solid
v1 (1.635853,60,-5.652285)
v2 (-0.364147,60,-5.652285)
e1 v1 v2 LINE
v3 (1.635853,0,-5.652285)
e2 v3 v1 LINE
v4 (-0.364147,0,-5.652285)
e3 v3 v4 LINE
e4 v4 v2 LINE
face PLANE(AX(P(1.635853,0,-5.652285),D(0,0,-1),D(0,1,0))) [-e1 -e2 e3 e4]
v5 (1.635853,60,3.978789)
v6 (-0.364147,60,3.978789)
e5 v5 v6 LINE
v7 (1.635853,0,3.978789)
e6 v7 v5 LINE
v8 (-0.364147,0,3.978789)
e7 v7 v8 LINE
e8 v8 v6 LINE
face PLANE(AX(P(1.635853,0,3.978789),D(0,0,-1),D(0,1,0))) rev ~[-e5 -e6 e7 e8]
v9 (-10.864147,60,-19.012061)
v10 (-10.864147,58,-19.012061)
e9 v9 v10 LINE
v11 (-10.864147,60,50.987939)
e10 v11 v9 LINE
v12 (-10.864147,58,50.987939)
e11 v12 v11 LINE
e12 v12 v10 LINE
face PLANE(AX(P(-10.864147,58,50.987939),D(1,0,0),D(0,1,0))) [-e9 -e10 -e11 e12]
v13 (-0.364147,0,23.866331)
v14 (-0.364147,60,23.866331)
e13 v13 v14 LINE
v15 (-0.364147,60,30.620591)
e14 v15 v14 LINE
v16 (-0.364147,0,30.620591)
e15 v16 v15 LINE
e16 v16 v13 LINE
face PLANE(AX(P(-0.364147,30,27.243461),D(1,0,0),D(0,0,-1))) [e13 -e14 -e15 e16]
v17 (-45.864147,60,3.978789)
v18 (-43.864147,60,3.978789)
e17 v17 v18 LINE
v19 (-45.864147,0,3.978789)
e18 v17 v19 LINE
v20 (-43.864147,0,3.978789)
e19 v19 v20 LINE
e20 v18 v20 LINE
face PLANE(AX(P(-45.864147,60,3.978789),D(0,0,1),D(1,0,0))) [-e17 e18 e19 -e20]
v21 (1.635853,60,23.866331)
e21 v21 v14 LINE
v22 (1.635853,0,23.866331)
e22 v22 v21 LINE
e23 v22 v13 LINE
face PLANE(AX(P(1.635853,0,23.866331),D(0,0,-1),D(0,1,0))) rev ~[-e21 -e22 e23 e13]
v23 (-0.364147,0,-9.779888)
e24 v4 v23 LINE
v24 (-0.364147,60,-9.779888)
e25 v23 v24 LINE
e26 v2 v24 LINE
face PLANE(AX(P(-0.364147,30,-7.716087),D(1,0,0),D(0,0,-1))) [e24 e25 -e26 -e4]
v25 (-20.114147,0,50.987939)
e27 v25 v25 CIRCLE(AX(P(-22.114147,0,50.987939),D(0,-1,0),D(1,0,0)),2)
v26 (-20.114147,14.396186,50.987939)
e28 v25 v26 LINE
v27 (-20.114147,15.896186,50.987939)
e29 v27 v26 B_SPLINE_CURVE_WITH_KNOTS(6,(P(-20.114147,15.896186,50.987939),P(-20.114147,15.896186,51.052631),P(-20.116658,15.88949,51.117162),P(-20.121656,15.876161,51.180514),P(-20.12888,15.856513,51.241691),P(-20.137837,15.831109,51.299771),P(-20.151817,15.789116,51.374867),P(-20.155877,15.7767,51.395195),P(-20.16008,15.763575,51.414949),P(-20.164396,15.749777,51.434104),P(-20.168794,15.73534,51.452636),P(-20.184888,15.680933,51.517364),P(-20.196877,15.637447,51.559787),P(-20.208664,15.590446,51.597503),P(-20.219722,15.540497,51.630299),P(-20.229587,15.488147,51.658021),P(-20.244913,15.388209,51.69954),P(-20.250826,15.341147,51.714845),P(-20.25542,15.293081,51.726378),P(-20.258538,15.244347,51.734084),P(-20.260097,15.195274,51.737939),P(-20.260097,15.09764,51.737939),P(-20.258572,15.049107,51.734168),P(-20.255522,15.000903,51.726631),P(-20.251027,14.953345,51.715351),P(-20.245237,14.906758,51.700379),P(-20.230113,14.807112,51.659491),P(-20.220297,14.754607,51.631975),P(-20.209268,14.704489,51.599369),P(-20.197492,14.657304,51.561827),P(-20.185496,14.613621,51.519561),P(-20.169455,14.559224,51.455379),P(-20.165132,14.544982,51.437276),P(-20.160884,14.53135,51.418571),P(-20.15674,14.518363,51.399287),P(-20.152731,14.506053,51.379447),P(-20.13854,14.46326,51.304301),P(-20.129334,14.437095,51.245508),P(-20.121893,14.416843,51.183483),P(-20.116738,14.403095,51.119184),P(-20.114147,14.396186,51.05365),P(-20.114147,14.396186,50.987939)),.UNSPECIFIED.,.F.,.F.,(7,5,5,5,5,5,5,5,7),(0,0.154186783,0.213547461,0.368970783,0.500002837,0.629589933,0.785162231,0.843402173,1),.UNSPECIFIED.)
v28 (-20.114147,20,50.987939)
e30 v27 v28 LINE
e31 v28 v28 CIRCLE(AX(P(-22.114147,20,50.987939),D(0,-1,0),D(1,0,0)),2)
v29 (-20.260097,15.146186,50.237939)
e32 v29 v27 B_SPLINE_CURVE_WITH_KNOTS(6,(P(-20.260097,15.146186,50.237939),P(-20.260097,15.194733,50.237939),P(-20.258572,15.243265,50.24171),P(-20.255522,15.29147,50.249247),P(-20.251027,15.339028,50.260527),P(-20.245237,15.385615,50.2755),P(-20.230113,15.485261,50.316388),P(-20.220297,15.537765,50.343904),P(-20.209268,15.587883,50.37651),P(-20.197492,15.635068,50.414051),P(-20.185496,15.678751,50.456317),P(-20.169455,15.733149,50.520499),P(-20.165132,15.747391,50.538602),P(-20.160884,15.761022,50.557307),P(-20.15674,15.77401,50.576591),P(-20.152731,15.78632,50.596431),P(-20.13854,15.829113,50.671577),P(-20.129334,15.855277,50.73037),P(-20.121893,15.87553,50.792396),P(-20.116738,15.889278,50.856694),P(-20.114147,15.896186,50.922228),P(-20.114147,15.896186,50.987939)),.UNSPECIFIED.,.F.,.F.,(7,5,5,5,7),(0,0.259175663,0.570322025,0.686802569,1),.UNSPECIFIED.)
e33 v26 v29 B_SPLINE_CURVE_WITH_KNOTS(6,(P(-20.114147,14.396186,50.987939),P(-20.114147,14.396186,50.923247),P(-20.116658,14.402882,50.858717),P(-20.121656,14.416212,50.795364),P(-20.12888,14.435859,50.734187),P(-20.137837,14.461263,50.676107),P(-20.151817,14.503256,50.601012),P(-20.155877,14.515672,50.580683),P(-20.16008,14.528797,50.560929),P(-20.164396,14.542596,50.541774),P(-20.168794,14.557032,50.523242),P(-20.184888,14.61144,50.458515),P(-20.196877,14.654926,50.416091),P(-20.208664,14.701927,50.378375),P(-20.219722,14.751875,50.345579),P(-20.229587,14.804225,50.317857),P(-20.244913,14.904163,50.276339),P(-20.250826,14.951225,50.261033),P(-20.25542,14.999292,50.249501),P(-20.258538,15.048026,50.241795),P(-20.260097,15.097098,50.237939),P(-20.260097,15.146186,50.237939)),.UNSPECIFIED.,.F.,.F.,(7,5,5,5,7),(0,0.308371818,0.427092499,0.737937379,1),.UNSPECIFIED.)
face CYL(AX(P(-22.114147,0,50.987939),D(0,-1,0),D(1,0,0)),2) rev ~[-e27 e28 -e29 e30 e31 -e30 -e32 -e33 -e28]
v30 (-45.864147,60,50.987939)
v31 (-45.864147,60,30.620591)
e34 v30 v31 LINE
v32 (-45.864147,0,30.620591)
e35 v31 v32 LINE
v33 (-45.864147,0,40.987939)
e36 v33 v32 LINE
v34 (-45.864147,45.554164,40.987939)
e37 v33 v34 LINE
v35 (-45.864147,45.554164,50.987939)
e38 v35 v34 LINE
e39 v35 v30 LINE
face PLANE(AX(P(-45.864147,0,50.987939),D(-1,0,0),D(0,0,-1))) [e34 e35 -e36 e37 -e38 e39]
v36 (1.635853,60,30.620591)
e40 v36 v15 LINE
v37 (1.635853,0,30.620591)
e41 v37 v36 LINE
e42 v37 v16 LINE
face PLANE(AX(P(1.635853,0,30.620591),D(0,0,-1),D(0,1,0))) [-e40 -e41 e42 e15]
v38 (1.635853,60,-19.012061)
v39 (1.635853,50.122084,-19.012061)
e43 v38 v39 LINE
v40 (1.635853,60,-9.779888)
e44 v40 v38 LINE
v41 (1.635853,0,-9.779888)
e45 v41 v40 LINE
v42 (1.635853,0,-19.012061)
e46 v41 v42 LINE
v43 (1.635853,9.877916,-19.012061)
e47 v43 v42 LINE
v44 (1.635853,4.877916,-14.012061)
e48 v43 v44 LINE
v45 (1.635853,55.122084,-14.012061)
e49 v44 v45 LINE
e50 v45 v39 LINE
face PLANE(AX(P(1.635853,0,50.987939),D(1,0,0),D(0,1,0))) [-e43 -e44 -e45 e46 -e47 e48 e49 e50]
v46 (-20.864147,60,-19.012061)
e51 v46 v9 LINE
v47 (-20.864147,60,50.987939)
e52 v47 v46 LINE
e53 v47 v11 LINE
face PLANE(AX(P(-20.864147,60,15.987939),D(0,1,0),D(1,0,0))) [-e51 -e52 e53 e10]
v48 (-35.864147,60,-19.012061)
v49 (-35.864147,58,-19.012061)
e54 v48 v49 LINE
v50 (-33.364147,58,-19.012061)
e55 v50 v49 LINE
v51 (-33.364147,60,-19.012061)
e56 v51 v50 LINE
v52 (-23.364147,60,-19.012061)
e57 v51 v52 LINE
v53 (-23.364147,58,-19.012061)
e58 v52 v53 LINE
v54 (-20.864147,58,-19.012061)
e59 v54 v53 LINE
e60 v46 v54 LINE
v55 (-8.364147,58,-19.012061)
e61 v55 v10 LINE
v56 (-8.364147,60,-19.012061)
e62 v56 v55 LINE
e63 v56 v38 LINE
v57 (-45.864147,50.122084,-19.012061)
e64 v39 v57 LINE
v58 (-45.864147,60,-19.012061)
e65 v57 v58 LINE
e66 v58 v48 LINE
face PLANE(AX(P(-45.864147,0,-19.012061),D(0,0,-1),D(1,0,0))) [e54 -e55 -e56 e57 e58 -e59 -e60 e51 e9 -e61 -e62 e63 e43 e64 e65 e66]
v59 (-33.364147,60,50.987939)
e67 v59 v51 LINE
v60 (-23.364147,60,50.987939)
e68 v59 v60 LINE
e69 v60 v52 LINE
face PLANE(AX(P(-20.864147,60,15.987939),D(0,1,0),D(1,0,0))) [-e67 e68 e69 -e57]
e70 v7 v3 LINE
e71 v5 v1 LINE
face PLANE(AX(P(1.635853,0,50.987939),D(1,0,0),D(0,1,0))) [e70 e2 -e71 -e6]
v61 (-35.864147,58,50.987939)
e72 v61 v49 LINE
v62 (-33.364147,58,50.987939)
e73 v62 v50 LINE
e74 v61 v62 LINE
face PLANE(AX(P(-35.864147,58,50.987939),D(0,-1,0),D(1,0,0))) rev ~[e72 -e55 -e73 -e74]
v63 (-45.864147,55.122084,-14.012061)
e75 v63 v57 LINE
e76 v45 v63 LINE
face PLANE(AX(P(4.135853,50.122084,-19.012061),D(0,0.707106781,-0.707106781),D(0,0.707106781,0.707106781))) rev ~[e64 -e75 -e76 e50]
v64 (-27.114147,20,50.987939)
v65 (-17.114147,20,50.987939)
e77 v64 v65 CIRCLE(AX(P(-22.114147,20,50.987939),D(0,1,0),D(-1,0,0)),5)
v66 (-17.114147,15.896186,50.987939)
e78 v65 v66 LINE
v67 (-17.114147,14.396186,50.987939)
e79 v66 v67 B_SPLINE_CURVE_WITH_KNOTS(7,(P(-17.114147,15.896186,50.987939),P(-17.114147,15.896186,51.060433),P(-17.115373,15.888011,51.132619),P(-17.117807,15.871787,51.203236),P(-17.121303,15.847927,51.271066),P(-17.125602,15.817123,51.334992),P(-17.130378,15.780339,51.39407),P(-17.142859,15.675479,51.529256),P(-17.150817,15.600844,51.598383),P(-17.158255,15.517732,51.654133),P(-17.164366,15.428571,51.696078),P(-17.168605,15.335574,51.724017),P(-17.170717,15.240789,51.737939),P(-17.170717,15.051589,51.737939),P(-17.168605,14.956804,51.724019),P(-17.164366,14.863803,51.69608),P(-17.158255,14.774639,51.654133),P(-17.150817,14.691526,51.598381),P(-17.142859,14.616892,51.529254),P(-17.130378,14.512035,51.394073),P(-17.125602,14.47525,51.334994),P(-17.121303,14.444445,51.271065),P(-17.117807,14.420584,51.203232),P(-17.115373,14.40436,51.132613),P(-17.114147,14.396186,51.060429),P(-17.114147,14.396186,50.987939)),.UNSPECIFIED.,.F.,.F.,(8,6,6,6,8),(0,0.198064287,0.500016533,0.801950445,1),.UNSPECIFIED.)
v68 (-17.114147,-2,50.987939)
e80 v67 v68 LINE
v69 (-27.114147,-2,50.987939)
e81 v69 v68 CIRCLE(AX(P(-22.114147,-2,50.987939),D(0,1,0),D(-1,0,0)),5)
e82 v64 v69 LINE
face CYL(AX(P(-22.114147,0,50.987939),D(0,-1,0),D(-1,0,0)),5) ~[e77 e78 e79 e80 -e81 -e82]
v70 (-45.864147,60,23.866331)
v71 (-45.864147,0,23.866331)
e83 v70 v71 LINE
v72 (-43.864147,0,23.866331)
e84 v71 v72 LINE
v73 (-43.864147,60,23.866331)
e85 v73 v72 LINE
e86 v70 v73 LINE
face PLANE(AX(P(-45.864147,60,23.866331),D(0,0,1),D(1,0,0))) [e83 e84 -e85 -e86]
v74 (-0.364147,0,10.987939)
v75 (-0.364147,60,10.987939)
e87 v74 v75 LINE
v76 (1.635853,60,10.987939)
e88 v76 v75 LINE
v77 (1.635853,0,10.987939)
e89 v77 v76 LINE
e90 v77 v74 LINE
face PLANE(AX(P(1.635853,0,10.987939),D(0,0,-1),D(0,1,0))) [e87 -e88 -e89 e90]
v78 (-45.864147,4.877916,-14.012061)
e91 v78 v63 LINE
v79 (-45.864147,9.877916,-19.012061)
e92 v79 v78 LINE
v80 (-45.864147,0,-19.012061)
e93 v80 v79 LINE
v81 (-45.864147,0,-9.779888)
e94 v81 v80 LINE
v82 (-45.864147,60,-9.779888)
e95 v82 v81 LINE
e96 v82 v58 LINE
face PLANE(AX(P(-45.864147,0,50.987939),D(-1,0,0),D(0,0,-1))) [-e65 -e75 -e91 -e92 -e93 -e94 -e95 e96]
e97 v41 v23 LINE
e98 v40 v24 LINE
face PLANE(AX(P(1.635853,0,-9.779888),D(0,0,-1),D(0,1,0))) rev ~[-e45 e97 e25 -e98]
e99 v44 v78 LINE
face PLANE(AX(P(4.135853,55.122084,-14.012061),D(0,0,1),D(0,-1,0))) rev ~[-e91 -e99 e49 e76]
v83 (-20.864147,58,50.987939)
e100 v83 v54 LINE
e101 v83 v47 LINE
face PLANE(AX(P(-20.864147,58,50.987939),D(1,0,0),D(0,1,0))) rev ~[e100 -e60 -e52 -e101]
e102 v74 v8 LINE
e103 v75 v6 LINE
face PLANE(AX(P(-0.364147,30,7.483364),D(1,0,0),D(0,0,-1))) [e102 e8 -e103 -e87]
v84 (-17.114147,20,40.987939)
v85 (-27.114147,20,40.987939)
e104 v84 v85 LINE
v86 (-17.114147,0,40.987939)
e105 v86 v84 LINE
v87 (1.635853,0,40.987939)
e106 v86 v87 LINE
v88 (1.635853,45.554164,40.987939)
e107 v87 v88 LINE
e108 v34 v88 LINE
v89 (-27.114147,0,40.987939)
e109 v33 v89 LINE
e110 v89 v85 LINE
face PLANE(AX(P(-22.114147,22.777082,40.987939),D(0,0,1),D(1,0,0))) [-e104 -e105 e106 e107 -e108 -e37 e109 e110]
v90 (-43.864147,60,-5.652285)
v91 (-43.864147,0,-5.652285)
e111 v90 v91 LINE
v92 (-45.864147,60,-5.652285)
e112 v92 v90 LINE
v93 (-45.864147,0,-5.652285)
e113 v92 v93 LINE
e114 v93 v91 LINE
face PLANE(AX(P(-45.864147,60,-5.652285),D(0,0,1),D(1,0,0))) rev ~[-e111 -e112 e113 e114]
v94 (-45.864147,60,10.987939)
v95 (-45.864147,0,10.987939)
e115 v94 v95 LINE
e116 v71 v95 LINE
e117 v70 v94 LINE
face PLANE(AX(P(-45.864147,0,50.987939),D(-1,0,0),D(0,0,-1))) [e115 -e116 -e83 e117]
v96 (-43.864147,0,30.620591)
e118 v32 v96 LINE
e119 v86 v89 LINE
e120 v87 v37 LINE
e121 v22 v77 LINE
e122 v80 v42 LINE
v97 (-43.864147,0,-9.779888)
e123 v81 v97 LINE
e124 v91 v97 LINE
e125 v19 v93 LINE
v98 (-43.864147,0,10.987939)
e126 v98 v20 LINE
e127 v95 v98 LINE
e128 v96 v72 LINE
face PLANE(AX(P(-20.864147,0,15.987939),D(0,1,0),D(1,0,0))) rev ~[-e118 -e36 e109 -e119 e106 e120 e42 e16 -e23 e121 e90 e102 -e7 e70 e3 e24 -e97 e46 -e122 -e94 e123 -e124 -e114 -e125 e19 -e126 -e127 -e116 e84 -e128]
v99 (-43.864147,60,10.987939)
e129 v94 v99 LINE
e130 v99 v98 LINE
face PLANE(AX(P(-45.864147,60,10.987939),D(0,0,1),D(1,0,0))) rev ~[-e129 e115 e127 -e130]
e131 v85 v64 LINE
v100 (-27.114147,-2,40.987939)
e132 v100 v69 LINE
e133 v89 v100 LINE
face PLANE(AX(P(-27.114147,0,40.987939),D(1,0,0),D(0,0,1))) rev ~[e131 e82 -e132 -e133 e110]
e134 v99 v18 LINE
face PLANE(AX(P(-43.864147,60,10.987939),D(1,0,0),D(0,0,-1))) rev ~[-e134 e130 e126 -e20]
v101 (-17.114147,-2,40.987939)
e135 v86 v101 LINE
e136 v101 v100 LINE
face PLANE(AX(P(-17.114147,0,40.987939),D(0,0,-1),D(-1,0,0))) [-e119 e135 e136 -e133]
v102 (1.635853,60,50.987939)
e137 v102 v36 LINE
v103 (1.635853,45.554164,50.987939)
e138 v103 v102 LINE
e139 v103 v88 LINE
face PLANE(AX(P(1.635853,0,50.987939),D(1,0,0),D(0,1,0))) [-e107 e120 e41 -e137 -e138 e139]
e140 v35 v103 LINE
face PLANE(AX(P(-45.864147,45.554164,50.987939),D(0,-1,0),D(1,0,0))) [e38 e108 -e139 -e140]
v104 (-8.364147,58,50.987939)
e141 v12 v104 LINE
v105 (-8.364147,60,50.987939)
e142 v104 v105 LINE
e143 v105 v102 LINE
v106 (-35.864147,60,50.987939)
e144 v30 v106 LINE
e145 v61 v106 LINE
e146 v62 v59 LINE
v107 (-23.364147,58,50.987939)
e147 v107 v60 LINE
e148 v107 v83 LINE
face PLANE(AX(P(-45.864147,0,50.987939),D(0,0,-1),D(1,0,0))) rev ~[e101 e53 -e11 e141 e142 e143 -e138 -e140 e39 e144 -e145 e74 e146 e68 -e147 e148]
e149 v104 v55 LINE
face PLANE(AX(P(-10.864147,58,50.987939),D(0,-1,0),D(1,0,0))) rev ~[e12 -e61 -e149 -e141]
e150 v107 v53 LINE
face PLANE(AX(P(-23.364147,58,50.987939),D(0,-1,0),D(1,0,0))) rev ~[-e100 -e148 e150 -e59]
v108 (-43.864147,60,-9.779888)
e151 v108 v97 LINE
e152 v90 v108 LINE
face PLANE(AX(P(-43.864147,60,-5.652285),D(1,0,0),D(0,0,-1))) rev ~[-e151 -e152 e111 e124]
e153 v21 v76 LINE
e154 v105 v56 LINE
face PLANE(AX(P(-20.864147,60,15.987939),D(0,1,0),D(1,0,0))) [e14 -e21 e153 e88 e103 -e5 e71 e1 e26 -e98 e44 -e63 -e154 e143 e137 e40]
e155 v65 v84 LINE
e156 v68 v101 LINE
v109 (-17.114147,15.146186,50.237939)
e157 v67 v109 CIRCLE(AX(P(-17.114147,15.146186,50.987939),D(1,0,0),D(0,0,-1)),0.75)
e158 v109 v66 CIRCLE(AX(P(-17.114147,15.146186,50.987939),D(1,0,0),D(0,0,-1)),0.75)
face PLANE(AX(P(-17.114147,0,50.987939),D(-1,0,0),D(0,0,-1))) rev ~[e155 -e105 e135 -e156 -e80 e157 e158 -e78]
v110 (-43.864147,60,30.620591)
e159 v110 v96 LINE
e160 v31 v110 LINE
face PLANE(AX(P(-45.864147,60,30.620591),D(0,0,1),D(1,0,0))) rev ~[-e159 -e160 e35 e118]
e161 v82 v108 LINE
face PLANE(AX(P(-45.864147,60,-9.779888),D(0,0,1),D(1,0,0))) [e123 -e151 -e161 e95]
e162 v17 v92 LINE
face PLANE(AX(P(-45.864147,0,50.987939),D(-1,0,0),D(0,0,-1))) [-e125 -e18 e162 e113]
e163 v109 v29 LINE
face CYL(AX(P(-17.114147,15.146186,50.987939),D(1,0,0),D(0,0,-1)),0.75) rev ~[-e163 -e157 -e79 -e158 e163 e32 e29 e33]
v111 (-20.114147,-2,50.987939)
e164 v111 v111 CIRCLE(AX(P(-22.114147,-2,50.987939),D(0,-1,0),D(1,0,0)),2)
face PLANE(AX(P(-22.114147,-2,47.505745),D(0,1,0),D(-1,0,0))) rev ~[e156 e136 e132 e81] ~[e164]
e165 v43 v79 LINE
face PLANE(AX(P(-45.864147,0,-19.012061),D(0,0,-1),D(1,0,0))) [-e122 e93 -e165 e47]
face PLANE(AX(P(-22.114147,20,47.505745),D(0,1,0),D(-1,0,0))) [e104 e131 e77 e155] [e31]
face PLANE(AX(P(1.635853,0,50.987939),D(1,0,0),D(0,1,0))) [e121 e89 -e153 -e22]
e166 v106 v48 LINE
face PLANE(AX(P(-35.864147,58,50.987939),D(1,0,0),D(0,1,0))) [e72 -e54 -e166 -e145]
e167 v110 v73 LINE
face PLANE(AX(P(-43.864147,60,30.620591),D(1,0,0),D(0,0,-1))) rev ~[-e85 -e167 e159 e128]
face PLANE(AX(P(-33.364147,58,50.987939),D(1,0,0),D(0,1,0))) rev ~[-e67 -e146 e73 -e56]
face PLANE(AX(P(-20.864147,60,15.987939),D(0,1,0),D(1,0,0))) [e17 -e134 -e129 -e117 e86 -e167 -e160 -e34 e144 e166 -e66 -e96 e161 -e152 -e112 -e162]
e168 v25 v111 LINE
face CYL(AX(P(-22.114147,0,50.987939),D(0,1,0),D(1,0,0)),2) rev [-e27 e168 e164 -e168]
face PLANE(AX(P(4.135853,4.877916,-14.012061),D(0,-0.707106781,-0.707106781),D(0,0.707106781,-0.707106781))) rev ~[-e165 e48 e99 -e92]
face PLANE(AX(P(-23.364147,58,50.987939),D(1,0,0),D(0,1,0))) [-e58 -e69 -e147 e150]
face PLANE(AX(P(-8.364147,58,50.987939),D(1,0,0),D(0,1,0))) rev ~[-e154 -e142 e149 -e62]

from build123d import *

# Parameters (mm, degrees)
SKETCH1_W                = 50
SKETCH1_H                = 70
BOSS_EXTRUDE1_DEPTH      = 60
CUT_EXTRUDE1_DEPTH       = 60
SKETCH4_W                = 2.5
SKETCH4_H                = 2
SKETCH4_H_2              = 60
CUT_EXTRUDE2_DEPTH       = 95
SKETCH7_W                = 47.5
SKETCH7_H                = 45.554164346
CUT_EXTRUDE3_DEPTH       = 10
SKETCH8_R                = 2
BOSS_EXTRUDE2_DEPTH      = 2
BOSS_EXTRUDE2_DEPTH_BACK = 20
SKETCH9_W                = 6.754259693
SKETCH9_H                = 60
SKETCH9_W_2              = 7.009150451
SKETCH9_W_3              = 4.127603145
CUT_EXTRUDE4_DEPTH       = 2
SKETCH10_W               = 2
SKETCH10_H               = 4.127603145
SKETCH10_H_2             = 7.009150451
SKETCH10_H_3             = 6.754259693
CUT_EXTRUDE5_DEPTH       = 71
SKETCH11_R               = 0.75
CUT_EXTRUDE6_DEPTH       = 4


with BuildPart() as part:
    # Sketch1 → Boss-Extrude1 (new body)
    with BuildSketch(Plane(origin=(0, 0, 0), x_dir=(1, 0, 0), z_dir=(0, 1, 0))):
        with Locations((-20.864146805, -15.987939145)):
            Rectangle(SKETCH1_W, SKETCH1_H)
    extrude(amount=BOSS_EXTRUDE1_DEPTH)

    # Sketch2 → Cut-Extrude1 (cut)
    with BuildSketch(Plane(origin=(4.135853195, 0, 0), x_dir=(0, 0, -1), z_dir=(1, 0, 0))):
        Polygon((19.012060855, 50.122083557), (14.012060855, 55.122083557), (14.012060855, 4.877916443), (19.012060855, 9.877916443), align=None)
    extrude(amount=-CUT_EXTRUDE1_DEPTH, mode=Mode.SUBTRACT)

    # Sketch4 → Cut-Extrude2 (cut)
    with BuildSketch(Plane.XY.offset(50.987939145)):
        with Locations((-34.614146805, 59)):
            Rectangle(SKETCH4_W, SKETCH4_H)
        with Locations((-22.114146805, 59)):
            Rectangle(SKETCH4_W, SKETCH4_H)
        with Locations((-9.614146805, 59)):
            Rectangle(SKETCH4_W, SKETCH4_H)
        with Locations((2.885853195, 30)):
            Rectangle(SKETCH4_W, SKETCH4_H_2)
    extrude(amount=-CUT_EXTRUDE2_DEPTH, mode=Mode.SUBTRACT)

    # Sketch7 → Cut-Extrude3 (cut)
    with BuildSketch(Plane.XY.offset(50.987939145)):
        with Locations((-22.114146805, 22.777082173)):
            Rectangle(SKETCH7_W, SKETCH7_H)
    extrude(amount=-CUT_EXTRUDE3_DEPTH, mode=Mode.SUBTRACT)

    # Sketch8 → Boss-Extrude2 (add, two sides)
    with BuildSketch(Plane.XZ) as boss_extrude2_sk:
        with BuildLine():
            Line((-17.114146805, 40.987939145), (-27.114146805, 40.987939145))
            Line((-27.114146805, 40.987939145), (-27.114146805, 50.987939145))
            ThreePointArc((-27.114146805, 50.987939145), (-22.114146805, 55.987939145), (-17.114146805, 50.987939145))
            Line((-17.114146805, 50.987939145), (-17.114146805, 40.987939145))
        make_face()
        with Locations((-22.114146805, 50.987939145)):
            Circle(SKETCH8_R, mode=Mode.SUBTRACT)
    extrude(amount=BOSS_EXTRUDE2_DEPTH)
    extrude(boss_extrude2_sk.sketch, amount=-BOSS_EXTRUDE2_DEPTH_BACK)

    # Sketch9 → Cut-Extrude4 (cut)
    with BuildSketch(Plane(origin=(1.635853195, 0, 0), x_dir=(0, 0, -1), z_dir=(1, 0, 0))):
        with Locations((-27.243460969, 30)):
            Rectangle(SKETCH9_W, SKETCH9_H)
        with Locations((-7.48336392, 30)):
            Rectangle(SKETCH9_W_2, SKETCH9_H)
        with Locations((7.716086886, 30)):
            Rectangle(SKETCH9_W_3, SKETCH9_H)
    extrude(amount=-CUT_EXTRUDE4_DEPTH, mode=Mode.SUBTRACT)

    # Sketch10 → Cut-Extrude5 (cut)
    with BuildSketch(Plane(origin=(0, 60, 0), x_dir=(1, 0, 0), z_dir=(0, 1, 0))):
        with Locations((-44.864146805, 7.716086886)):
            Rectangle(SKETCH10_W, SKETCH10_H)
        with Locations((-44.864146805, -7.48336392)):
            Rectangle(SKETCH10_W, SKETCH10_H_2)
        with Locations((-44.864146805, -27.243460969)):
            Rectangle(SKETCH10_W, SKETCH10_H_3)
    extrude(amount=-CUT_EXTRUDE5_DEPTH, mode=Mode.SUBTRACT)

    # Sketch11 → Cut-Extrude6 (cut)
    with BuildSketch(Plane(origin=(-17.114146805, 0, 0), x_dir=(0, 0, -1), z_dir=(1, 0, 0))):
        with Locations((-50.987939145, 15.146186294)):
            Circle(SKETCH11_R)
    extrude(amount=-CUT_EXTRUDE6_DEPTH, mode=Mode.SUBTRACT)


solid = part.part
